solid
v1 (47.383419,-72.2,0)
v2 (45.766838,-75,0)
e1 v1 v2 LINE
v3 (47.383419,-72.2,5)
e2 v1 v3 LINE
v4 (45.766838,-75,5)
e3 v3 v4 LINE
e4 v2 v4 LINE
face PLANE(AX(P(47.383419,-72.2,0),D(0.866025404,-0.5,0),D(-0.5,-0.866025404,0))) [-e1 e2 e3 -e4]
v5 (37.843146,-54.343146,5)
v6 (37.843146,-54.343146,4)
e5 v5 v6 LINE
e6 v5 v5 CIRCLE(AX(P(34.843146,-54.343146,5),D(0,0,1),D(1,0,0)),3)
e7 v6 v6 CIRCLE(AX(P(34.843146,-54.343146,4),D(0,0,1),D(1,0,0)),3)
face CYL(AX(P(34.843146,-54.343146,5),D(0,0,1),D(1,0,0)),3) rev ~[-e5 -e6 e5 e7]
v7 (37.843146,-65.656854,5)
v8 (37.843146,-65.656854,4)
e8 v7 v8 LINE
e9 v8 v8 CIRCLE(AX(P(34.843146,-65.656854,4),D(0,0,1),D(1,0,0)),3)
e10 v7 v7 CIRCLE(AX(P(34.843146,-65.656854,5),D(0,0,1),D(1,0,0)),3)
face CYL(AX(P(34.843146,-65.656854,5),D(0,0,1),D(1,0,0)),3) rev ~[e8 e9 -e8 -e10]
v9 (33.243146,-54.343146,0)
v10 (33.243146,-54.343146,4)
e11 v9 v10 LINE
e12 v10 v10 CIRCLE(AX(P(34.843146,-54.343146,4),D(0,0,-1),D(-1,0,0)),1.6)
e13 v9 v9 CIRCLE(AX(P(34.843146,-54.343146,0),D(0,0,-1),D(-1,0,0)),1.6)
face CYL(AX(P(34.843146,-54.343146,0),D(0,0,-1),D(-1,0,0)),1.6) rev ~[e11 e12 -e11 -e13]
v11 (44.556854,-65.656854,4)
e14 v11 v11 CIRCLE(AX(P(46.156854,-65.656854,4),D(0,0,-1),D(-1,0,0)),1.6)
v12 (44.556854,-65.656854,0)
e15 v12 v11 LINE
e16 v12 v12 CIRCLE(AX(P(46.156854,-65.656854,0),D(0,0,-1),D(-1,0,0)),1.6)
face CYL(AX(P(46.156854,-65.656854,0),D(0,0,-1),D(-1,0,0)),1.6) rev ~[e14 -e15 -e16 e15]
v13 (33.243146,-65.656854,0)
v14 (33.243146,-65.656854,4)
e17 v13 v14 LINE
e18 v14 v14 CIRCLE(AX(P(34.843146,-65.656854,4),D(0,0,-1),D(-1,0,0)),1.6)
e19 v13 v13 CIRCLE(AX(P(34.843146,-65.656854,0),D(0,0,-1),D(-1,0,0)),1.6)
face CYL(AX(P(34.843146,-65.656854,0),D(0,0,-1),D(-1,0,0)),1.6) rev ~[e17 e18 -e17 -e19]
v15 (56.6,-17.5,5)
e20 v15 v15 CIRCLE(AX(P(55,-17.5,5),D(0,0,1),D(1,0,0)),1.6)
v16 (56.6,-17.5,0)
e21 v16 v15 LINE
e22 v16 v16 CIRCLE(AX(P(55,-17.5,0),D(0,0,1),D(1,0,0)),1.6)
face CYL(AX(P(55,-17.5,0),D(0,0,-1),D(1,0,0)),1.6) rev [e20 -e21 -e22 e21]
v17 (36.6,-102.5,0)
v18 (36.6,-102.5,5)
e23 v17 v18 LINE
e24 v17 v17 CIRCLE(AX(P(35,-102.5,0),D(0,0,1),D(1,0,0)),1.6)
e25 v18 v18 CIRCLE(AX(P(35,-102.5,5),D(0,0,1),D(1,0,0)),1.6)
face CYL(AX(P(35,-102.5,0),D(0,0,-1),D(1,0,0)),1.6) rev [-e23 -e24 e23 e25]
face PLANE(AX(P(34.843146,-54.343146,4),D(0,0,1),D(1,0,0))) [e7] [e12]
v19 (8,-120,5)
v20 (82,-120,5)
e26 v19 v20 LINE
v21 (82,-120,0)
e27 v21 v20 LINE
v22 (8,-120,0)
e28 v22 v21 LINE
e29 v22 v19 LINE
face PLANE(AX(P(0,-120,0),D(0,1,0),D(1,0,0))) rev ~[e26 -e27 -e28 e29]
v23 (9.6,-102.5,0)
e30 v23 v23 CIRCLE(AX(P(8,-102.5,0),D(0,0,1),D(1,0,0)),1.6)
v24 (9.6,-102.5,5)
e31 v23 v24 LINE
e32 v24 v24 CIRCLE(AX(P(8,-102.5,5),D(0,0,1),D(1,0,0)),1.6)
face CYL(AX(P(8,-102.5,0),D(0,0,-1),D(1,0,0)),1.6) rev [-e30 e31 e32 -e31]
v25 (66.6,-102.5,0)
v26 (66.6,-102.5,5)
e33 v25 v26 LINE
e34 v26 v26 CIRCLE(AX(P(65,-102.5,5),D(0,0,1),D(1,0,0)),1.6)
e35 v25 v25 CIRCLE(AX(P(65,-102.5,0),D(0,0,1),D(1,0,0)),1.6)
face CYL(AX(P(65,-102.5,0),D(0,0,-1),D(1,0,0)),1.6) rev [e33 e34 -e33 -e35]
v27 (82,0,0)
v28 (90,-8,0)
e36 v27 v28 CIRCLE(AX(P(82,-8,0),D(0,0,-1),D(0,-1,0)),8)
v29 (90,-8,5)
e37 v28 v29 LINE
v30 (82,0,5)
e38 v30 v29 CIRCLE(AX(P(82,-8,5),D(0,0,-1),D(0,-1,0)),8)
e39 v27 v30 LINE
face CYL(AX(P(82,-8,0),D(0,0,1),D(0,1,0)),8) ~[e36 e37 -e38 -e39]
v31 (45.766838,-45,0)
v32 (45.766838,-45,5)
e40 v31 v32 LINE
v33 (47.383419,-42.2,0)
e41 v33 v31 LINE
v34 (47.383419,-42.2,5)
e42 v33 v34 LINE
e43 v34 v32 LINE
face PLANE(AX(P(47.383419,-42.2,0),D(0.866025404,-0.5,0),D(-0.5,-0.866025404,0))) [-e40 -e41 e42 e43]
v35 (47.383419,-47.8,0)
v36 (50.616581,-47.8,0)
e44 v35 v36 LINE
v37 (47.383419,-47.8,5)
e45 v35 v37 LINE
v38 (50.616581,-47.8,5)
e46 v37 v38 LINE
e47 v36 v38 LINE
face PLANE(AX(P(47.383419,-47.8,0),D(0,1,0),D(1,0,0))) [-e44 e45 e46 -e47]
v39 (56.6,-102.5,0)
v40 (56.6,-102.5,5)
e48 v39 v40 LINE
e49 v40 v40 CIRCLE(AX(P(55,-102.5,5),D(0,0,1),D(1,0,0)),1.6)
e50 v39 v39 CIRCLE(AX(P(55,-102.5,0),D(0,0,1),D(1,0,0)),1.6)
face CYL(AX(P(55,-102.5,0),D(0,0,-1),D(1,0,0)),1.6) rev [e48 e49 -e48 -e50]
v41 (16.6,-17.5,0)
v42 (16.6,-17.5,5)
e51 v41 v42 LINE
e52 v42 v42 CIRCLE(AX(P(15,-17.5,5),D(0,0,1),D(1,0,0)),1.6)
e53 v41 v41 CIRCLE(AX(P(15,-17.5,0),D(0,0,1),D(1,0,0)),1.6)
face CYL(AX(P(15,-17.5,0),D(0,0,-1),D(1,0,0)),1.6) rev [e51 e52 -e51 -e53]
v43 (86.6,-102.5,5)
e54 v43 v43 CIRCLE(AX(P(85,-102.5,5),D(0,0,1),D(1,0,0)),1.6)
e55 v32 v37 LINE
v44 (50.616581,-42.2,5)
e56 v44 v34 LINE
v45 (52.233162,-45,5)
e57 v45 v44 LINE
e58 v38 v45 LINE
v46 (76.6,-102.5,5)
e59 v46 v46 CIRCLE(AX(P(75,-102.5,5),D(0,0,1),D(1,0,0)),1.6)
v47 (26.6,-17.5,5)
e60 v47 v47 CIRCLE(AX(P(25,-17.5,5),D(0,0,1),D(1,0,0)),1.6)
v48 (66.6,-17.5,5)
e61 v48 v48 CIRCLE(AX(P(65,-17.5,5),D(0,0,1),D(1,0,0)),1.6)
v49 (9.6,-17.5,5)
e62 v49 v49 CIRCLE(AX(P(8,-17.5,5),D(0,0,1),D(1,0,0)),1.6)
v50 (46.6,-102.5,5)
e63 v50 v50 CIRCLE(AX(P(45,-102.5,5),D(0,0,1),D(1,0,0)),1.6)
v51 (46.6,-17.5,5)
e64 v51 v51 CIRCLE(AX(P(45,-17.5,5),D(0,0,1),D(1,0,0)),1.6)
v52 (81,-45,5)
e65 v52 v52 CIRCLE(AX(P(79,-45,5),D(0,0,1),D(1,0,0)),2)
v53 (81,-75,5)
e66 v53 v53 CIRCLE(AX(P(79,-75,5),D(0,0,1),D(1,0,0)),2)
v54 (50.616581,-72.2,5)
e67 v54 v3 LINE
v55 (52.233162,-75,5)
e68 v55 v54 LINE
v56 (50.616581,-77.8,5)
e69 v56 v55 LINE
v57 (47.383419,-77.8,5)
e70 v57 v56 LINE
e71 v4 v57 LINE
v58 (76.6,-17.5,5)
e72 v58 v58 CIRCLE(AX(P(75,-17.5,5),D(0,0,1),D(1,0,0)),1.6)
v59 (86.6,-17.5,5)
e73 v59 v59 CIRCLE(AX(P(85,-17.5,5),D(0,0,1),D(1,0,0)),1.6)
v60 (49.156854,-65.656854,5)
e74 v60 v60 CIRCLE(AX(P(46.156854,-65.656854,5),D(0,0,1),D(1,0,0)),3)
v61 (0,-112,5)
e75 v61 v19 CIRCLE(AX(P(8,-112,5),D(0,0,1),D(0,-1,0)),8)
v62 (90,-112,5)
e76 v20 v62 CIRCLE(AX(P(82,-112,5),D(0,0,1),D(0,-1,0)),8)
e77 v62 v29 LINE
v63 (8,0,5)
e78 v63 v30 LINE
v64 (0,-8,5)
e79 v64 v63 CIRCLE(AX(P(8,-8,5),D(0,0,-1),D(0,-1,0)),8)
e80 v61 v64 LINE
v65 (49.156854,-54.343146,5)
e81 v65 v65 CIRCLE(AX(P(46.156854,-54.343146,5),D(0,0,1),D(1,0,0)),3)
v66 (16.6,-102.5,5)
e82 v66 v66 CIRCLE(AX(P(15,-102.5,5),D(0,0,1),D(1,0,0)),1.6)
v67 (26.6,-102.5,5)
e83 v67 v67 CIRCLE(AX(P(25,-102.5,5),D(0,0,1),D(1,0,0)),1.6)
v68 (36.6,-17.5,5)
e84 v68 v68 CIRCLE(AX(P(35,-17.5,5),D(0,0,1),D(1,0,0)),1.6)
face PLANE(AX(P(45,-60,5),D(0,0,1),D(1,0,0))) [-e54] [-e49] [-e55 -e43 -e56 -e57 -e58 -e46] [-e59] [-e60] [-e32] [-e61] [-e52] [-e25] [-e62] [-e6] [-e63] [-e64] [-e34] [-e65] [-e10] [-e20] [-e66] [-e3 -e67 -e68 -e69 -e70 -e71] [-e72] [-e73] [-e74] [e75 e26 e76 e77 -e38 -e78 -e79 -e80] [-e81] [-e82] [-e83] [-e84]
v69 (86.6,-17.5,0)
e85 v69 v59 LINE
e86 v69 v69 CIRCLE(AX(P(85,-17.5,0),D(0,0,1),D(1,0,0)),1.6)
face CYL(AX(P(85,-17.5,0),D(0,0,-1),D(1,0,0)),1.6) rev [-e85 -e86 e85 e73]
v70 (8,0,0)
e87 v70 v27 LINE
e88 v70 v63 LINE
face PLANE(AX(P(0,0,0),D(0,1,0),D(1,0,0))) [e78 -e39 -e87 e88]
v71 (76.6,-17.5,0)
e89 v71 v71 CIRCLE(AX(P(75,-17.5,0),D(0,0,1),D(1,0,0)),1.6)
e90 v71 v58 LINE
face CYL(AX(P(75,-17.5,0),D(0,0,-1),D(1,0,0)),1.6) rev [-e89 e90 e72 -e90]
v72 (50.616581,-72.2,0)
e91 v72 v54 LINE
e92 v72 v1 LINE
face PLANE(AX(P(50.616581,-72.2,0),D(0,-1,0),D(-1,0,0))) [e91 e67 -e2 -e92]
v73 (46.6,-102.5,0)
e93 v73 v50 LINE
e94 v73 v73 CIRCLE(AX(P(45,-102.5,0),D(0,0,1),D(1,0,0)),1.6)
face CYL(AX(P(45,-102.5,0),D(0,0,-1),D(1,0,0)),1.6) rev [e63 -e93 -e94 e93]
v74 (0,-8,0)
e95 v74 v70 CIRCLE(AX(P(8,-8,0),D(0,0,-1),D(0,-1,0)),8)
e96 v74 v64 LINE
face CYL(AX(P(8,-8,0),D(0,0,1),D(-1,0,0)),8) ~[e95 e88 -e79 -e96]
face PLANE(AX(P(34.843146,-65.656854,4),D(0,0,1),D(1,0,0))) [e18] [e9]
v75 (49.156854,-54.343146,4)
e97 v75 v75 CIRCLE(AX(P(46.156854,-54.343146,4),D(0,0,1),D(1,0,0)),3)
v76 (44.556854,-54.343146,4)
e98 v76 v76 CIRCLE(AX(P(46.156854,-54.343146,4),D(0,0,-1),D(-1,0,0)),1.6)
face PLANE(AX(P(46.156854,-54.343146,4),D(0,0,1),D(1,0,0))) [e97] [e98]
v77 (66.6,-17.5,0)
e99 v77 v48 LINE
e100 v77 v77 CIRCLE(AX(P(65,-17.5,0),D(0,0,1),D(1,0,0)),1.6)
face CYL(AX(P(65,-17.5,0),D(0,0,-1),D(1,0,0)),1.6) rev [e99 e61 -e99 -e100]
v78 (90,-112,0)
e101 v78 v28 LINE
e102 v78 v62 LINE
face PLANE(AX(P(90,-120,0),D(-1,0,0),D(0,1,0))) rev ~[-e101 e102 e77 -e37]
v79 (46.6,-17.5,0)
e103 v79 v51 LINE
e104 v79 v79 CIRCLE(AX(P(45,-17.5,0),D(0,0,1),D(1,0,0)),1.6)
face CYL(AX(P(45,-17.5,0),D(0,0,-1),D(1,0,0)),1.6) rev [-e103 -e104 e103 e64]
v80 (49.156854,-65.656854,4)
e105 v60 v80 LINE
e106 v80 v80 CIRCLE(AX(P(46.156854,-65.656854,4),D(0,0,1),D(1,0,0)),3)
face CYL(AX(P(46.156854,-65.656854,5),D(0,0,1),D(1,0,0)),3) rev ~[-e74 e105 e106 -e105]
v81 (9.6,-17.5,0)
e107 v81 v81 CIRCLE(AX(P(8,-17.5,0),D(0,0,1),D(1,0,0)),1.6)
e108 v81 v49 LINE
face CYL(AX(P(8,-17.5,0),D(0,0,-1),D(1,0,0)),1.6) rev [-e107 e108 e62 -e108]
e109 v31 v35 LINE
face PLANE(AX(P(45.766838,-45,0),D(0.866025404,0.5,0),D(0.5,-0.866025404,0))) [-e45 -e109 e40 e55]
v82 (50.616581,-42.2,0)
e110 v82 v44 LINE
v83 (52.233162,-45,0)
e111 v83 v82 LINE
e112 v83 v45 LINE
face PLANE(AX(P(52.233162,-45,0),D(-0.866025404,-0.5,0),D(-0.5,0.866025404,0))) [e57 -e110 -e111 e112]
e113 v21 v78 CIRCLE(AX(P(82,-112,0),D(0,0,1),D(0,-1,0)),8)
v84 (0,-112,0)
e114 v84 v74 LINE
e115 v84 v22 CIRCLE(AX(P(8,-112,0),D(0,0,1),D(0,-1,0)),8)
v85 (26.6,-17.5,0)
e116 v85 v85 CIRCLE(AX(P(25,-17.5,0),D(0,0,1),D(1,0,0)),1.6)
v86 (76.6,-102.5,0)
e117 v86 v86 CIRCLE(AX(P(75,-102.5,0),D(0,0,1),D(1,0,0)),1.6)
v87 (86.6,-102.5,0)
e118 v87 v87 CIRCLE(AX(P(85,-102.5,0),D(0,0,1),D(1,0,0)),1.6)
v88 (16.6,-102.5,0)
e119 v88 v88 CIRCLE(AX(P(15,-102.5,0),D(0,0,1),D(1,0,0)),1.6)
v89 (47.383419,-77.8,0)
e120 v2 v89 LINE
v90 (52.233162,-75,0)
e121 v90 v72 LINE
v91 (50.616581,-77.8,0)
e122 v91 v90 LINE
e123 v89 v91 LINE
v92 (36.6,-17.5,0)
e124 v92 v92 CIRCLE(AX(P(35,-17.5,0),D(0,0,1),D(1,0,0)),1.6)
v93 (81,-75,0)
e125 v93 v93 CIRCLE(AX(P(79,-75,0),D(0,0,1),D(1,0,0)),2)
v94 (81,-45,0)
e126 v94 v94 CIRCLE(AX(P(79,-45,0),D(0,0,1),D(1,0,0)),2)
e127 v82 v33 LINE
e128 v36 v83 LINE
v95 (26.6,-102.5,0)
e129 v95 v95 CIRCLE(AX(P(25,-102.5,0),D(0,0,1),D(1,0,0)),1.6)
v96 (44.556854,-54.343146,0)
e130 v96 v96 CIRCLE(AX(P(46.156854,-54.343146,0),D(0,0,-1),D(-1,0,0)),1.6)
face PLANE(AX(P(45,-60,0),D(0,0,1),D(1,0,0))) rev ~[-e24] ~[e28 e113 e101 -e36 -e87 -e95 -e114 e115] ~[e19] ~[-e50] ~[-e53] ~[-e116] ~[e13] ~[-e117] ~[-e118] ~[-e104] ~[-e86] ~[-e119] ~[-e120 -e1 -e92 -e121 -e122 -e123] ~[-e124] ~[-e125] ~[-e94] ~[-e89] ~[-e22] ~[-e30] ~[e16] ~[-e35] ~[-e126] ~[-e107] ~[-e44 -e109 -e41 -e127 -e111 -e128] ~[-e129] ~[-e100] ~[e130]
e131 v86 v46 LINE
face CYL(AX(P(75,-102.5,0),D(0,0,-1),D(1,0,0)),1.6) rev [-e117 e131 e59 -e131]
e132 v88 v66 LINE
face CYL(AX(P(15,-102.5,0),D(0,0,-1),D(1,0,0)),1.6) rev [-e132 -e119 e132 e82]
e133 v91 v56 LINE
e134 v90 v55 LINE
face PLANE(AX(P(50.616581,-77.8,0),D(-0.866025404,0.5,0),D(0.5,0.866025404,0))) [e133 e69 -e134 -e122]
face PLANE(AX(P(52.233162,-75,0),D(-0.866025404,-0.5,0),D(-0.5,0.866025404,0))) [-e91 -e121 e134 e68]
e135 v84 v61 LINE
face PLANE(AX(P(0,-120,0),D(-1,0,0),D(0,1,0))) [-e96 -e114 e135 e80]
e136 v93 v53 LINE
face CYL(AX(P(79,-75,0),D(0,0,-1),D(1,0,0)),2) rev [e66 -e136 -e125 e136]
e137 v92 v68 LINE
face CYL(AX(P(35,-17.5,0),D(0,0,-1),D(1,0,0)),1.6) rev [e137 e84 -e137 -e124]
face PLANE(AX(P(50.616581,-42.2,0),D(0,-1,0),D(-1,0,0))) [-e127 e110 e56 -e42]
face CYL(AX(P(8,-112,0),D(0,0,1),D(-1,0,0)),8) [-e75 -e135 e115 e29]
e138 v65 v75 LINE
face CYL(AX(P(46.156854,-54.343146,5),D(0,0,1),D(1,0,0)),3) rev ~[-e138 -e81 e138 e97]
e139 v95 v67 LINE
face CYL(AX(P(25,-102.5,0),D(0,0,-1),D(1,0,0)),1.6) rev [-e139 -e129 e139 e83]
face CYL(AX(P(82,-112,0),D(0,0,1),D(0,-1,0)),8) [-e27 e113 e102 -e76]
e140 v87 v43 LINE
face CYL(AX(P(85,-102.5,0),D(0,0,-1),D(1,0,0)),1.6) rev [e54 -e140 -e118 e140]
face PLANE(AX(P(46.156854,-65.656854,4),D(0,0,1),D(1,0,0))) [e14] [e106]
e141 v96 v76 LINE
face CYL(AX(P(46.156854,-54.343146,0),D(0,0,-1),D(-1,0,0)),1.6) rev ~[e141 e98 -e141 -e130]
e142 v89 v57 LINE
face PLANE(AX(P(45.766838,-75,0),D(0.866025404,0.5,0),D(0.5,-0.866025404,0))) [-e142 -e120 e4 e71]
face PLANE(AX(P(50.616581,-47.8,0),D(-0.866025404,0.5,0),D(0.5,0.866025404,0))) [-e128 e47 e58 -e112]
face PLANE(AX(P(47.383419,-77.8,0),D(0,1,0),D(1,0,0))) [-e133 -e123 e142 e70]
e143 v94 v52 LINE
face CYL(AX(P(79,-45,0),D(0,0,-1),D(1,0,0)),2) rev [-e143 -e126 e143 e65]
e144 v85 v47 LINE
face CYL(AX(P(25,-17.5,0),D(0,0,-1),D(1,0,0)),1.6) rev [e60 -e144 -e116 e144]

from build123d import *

# Parameters (mm, degrees)
SKETCH_1_W            = 90
SKETCH_1_H            = 120
SKETCH_1_R            = 2
SKETCH_1_R_2          = 1.6
EXTRUDE_1_DEPTH       = 5
FILLET_1_R            = 8
F_3_2_PCD16_R         = 1.6
CUT_EXTRUDE_3_2_DEPTH = 10
XRU1008_6_1_2_R       = 3
XRU1008_6_1_DEPTH     = 1


with BuildPart() as part:
    # Sketch 1 → Extrude 1 (new body)
    with BuildSketch(Plane.XY):
        with Locations((45, -60)):
            Rectangle(SKETCH_1_W, SKETCH_1_H)
        with Locations((79, -45)):
            Circle(SKETCH_1_R, mode=Mode.SUBTRACT)
        with Locations((79, -75)):
            Circle(SKETCH_1_R, mode=Mode.SUBTRACT)
        with Locations((85, -102.5)):
            Circle(SKETCH_1_R_2, mode=Mode.SUBTRACT)
        with Locations((75, -102.5)):
            Circle(SKETCH_1_R_2, mode=Mode.SUBTRACT)
        with Locations((65, -102.5)):
            Circle(SKETCH_1_R_2, mode=Mode.SUBTRACT)
        with Locations((55, -102.5)):
            Circle(SKETCH_1_R_2, mode=Mode.SUBTRACT)
        with Locations((45, -102.5)):
            Circle(SKETCH_1_R_2, mode=Mode.SUBTRACT)
        with Locations((85, -17.5)):
            Circle(SKETCH_1_R_2, mode=Mode.SUBTRACT)
        with Locations((75, -17.5)):
            Circle(SKETCH_1_R_2, mode=Mode.SUBTRACT)
        with Locations((65, -17.5)):
            Circle(SKETCH_1_R_2, mode=Mode.SUBTRACT)
        with Locations((55, -17.5)):
            Circle(SKETCH_1_R_2, mode=Mode.SUBTRACT)
        with Locations((45, -17.5)):
            Circle(SKETCH_1_R_2, mode=Mode.SUBTRACT)
        with Locations((35, -102.5)):
            Circle(SKETCH_1_R_2, mode=Mode.SUBTRACT)
        with Locations((25, -102.5)):
            Circle(SKETCH_1_R_2, mode=Mode.SUBTRACT)
        with Locations((15, -102.5)):
            Circle(SKETCH_1_R_2, mode=Mode.SUBTRACT)
        with Locations((35, -17.5)):
            Circle(SKETCH_1_R_2, mode=Mode.SUBTRACT)
        with Locations((25, -17.5)):
            Circle(SKETCH_1_R_2, mode=Mode.SUBTRACT)
        with Locations((15, -17.5)):
            Circle(SKETCH_1_R_2, mode=Mode.SUBTRACT)
        with Locations((8, -102.5)):
            Circle(SKETCH_1_R_2, mode=Mode.SUBTRACT)
        with Locations((8, -17.5)):
            Circle(SKETCH_1_R_2, mode=Mode.SUBTRACT)
        Polygon((50.616580754, -42.2), (47.383419246, -42.2), (45.766838493, -45), (47.383419246, -47.8), (50.616580754, -47.8), (52.233161507, -45), align=None, mode=Mode.SUBTRACT)
        Polygon((50.616580754, -72.2), (47.383419246, -72.2), (45.766838493, -75), (47.383419246, -77.8), (50.616580754, -77.8), (52.233161507, -75), align=None, mode=Mode.SUBTRACT)
    extrude(amount=EXTRUDE_1_DEPTH)

    # Fillet 1
    fillet_1_edges = [part.edges().sort_by_distance(p)[0] for p in [
        (0, 0, 2.5),
        (90, 0, 2.5),
        (90, -120, 2.5),
        (0, -120, 2.5),
    ]]
    fillet(fillet_1_edges, radius=FILLET_1_R)

    # 3.2_PCD16 → Cut-Extrude 3.2 (cut)
    with BuildSketch(Plane(origin=(0, 0, 0), x_dir=(-1, 0, 0), z_dir=(0, 0, -1))):
        with Locations((-46.156854249, -54.343145751)):
            Circle(F_3_2_PCD16_R)
        with Locations((-34.843145751, -54.343145751)):
            Circle(F_3_2_PCD16_R)
        with Locations((-34.843145751, -65.656854249)):
            Circle(F_3_2_PCD16_R)
        with Locations((-46.156854249, -65.656854249)):
            Circle(F_3_2_PCD16_R)
    extrude(amount=-CUT_EXTRUDE_3_2_DEPTH, mode=Mode.SUBTRACT)

    # XRU1008__6___1 2 → XRU1008__6___1 (cut)
    with BuildSketch(Plane.XY.offset(5)):
        with Locations((46.156854249, -54.343145751)):
            Circle(XRU1008_6_1_2_R)
        with Locations((34.843145751, -54.343145751)):
            Circle(XRU1008_6_1_2_R)
        with Locations((34.843145751, -65.656854249)):
            Circle(XRU1008_6_1_2_R)
        with Locations((46.156854249, -65.656854249)):
            Circle(XRU1008_6_1_2_R)
    extrude(amount=-XRU1008_6_1_DEPTH, mode=Mode.SUBTRACT)


solid = part.part
